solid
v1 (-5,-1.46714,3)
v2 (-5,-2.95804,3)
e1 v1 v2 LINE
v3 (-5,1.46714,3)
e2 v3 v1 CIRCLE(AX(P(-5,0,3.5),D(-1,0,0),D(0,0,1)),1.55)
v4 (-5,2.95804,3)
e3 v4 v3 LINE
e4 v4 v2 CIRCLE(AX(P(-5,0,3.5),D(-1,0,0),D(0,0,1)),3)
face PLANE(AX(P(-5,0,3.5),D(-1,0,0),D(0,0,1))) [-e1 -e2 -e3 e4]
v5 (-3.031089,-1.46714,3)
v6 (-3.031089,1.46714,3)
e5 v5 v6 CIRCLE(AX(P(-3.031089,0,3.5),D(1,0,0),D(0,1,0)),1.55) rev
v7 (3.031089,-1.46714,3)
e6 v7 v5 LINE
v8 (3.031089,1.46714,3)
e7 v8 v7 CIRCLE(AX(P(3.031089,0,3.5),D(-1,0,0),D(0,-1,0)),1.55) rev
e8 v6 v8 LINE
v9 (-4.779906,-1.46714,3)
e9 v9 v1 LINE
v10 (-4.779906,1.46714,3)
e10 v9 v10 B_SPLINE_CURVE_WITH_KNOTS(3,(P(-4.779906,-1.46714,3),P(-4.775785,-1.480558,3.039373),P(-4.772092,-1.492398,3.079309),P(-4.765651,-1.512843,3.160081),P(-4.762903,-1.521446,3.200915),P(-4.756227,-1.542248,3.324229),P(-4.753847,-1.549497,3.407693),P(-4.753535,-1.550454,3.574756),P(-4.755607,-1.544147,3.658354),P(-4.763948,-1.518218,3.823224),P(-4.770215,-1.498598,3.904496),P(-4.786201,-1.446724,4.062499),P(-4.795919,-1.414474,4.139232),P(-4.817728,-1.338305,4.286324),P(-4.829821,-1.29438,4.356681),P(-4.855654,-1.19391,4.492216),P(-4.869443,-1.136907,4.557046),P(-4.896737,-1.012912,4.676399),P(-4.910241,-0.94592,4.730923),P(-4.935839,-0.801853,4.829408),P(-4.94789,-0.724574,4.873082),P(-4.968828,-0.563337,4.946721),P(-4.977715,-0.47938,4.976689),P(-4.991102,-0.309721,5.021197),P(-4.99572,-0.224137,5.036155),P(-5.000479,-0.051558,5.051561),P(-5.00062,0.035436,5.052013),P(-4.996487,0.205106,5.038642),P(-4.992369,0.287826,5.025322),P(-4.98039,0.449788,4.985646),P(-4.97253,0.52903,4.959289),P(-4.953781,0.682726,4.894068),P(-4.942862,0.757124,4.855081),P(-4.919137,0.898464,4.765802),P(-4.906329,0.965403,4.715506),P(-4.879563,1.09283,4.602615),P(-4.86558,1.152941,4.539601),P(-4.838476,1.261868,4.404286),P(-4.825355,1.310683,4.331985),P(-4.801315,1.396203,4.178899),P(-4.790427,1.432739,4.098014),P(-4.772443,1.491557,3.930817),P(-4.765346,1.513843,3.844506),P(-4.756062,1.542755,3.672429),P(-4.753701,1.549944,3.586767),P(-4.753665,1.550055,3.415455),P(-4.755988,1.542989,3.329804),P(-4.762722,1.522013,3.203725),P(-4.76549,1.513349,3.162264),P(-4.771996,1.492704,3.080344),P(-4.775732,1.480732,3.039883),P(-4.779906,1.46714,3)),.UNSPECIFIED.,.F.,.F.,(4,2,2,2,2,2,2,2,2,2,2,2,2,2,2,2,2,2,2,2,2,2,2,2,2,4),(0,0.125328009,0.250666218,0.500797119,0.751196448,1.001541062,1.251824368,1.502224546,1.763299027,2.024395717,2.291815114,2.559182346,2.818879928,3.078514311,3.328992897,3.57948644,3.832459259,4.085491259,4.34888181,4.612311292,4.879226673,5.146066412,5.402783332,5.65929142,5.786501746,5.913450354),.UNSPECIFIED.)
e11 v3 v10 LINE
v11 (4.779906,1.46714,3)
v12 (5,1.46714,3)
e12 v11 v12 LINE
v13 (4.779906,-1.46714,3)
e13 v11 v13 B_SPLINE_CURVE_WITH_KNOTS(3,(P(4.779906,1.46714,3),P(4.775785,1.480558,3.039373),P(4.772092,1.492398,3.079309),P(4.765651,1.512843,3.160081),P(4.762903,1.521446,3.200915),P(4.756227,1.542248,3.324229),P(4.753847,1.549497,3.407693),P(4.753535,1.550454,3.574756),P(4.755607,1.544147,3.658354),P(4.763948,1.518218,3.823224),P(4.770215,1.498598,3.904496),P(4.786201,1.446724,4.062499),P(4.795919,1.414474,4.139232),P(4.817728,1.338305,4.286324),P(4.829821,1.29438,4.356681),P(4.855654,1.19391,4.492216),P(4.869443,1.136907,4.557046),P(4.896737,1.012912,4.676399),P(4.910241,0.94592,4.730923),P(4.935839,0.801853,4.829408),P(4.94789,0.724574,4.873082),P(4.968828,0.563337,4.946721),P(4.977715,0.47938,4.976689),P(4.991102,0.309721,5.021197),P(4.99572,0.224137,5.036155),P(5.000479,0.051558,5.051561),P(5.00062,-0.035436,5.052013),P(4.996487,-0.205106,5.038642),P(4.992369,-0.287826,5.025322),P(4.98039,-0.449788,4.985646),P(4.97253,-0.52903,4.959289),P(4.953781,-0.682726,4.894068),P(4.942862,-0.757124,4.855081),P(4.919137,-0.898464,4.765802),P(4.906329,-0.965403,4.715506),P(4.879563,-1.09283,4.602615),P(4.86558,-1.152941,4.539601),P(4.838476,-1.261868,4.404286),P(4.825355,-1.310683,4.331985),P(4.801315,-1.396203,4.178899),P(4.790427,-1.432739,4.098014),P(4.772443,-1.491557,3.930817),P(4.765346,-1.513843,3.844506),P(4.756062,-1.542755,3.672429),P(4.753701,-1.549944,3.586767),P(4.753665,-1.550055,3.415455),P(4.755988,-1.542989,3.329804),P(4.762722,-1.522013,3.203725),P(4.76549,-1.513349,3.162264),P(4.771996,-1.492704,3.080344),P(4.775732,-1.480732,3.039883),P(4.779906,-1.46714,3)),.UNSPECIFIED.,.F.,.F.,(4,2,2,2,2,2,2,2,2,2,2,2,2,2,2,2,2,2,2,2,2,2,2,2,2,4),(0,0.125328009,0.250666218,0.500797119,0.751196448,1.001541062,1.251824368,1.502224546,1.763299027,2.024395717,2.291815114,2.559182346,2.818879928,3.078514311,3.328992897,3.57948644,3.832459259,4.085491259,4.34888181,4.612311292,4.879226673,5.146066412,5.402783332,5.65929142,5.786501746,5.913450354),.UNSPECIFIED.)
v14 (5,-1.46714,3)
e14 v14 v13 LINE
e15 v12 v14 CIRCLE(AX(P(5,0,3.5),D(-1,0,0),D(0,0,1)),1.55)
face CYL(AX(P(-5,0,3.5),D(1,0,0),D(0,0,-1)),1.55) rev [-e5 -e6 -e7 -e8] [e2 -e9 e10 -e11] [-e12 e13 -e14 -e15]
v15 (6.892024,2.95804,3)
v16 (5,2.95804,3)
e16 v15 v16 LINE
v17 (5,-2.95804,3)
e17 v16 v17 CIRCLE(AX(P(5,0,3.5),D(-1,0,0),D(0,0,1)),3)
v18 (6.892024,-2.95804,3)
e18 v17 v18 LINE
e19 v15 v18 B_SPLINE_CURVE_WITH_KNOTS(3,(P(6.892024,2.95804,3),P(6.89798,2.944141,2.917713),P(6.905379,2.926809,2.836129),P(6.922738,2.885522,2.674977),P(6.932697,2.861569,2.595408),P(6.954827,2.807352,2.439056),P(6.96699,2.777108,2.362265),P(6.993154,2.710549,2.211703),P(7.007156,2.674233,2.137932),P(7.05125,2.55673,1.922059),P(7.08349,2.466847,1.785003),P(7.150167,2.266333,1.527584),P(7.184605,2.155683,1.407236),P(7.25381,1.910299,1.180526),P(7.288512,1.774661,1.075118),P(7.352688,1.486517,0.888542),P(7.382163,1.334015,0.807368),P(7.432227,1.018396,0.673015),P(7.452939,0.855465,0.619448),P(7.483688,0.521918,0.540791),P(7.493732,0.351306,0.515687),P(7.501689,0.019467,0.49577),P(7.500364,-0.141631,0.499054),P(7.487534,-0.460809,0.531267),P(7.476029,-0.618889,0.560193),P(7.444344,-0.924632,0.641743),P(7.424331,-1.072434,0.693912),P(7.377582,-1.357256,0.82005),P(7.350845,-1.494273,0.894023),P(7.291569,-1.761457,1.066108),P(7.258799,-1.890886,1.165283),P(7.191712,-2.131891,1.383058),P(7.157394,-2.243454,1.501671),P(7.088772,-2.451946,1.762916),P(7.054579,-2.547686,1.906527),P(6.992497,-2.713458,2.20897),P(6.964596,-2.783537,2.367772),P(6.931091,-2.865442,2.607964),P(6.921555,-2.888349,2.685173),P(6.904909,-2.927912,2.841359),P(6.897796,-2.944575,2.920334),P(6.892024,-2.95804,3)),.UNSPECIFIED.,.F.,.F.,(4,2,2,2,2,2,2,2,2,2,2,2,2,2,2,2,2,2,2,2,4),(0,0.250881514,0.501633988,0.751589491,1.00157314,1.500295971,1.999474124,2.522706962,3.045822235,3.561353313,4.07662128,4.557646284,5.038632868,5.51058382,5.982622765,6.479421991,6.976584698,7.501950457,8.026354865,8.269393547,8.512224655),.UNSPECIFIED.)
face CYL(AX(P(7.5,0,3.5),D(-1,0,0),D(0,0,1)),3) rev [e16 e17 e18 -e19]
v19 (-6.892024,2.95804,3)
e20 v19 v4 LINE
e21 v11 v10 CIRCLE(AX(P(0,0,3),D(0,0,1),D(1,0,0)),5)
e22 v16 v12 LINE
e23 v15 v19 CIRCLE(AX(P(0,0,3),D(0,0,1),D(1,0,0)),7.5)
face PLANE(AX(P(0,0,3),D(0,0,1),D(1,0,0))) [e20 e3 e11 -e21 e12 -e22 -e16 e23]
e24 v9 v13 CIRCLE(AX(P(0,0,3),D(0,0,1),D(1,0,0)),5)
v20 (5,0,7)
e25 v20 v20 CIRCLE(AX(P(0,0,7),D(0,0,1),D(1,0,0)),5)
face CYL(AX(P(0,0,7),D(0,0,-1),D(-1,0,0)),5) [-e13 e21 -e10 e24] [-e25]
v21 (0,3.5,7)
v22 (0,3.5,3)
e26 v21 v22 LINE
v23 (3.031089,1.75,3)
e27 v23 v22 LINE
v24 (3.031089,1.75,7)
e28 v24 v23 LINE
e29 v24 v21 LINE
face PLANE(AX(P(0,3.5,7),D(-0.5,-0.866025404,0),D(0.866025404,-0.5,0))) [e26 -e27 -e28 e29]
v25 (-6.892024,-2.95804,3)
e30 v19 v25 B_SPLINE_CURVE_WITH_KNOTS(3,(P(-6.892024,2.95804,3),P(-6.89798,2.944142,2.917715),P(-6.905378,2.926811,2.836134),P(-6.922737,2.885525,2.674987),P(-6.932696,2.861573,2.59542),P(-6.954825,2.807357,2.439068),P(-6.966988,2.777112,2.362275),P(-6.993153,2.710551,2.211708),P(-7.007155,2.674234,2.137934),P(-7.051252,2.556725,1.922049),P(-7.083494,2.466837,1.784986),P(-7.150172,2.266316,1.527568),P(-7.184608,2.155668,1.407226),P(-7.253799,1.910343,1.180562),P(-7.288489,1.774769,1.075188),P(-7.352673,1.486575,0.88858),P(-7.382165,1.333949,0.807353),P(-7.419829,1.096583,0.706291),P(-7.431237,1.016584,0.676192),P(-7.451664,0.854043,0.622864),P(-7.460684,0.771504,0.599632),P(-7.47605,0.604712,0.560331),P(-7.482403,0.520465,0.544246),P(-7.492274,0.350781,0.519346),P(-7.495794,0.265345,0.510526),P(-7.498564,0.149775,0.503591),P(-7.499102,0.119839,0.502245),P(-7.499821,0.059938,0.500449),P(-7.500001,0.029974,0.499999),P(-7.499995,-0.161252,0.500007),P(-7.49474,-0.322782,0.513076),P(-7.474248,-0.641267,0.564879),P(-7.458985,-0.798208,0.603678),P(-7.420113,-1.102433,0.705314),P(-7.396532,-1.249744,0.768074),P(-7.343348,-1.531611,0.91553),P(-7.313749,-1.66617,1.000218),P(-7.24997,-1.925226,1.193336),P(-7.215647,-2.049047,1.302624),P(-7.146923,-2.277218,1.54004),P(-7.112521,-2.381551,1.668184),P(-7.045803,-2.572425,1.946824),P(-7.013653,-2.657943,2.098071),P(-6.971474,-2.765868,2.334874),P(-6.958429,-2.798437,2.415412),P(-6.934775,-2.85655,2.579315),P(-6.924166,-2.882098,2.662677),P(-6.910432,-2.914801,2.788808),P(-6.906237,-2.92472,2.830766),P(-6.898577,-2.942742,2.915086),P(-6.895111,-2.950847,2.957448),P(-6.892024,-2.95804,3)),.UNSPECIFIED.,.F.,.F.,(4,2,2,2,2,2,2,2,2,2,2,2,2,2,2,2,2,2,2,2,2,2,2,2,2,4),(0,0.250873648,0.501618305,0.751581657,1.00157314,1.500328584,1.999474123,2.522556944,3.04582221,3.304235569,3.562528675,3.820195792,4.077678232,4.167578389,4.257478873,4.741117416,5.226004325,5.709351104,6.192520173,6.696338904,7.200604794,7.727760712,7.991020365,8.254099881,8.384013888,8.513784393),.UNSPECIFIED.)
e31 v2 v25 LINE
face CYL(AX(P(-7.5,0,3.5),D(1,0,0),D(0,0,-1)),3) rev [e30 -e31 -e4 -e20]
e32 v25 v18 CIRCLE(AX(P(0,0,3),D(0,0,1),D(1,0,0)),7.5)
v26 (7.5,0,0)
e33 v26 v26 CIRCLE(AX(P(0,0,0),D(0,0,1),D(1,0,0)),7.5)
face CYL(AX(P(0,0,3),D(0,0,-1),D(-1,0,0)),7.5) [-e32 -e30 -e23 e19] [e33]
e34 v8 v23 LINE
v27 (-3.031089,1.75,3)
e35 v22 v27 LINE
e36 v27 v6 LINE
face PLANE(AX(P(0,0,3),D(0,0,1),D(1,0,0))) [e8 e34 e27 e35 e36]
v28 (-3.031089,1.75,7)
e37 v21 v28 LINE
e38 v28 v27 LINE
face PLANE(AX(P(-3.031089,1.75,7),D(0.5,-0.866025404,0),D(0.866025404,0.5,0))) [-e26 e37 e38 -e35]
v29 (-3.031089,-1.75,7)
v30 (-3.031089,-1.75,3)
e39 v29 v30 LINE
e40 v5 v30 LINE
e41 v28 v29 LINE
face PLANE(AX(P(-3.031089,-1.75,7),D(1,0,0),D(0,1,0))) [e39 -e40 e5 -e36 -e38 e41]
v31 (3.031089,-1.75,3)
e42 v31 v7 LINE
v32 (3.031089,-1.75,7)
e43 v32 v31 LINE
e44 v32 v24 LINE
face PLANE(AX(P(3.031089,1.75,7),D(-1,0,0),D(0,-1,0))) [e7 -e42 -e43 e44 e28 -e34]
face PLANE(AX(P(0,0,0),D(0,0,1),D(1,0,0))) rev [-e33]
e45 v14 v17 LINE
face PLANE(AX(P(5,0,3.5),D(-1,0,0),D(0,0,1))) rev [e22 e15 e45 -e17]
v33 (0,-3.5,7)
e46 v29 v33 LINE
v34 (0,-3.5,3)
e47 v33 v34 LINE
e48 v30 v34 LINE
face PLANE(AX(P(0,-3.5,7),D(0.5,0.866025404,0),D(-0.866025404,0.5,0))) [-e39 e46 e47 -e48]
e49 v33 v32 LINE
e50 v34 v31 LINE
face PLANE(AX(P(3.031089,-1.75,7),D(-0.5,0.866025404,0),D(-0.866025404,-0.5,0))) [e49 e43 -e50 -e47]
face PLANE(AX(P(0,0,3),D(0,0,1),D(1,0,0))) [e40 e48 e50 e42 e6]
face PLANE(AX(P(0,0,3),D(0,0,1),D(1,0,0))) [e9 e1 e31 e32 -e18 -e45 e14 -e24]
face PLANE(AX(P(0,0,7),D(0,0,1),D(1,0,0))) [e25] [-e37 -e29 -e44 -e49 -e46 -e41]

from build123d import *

# Parameters (mm, degrees)
SKETCH1_R               = 5
BOSS_EXTRUDE2_DEPTH     = 7
SKETCH3_R               = 7.5
BOSS_EXTRUDE3_DEPTH     = 3
CUT_EXTRUDE1_DEPTH      = 5
CUT_EXTRUDE1_DEPTH_BACK = 5
SKETCH2_R               = 1.55
SKETCH4_R               = 3
CUT_EXTRUDE2_DEPTH      = 2.5
CUT_EXTRUDE3_START      = -2.5
SKETCH5_R               = 3
CUT_EXTRUDE3_DEPTH      = 2.5


with BuildPart() as part:
    # Sketch1 → Boss-Extrude2 (new body)
    with BuildSketch(Plane.XY):
        Circle(SKETCH1_R)
        Polygon((-3.031088913, 1.75), (0, 3.5), (3.031088913, 1.75), (3.031088913, -1.75), (0, -3.5), (-3.031088913, -1.75), align=None, mode=Mode.SUBTRACT)
    extrude(amount=BOSS_EXTRUDE2_DEPTH)

    # Sketch3 → Boss-Extrude3 (add)
    with BuildSketch(Plane.XY):
        Circle(SKETCH3_R)
    extrude(amount=BOSS_EXTRUDE3_DEPTH)

    # Sketch2 → Cut-Extrude1 (cut, two sides: drawn at the far end of the back side and taken through both)
    with BuildSketch(Plane.ZY.offset(-CUT_EXTRUDE1_DEPTH_BACK)):
        with Locations(Location((3.5, 0, 0), (0, 0, 251.180936631))):
            Circle(SKETCH2_R)
    extrude(amount=CUT_EXTRUDE1_DEPTH + CUT_EXTRUDE1_DEPTH_BACK, mode=Mode.SUBTRACT)

    # Sketch4 → Cut-Extrude2 (cut)
    with BuildSketch(Plane.ZY.offset(5)):
        with Locations((3.5, 0)):
            Circle(SKETCH4_R)
    extrude(amount=CUT_EXTRUDE2_DEPTH, mode=Mode.SUBTRACT)

    # Sketch5 → Cut-Extrude3 (cut)
    with BuildSketch(Plane.ZY.offset(-5).offset(CUT_EXTRUDE3_START)):
        with Locations((3.5, 0)):
            Circle(SKETCH5_R)
    extrude(amount=CUT_EXTRUDE3_DEPTH, mode=Mode.SUBTRACT)


solid = part.part
